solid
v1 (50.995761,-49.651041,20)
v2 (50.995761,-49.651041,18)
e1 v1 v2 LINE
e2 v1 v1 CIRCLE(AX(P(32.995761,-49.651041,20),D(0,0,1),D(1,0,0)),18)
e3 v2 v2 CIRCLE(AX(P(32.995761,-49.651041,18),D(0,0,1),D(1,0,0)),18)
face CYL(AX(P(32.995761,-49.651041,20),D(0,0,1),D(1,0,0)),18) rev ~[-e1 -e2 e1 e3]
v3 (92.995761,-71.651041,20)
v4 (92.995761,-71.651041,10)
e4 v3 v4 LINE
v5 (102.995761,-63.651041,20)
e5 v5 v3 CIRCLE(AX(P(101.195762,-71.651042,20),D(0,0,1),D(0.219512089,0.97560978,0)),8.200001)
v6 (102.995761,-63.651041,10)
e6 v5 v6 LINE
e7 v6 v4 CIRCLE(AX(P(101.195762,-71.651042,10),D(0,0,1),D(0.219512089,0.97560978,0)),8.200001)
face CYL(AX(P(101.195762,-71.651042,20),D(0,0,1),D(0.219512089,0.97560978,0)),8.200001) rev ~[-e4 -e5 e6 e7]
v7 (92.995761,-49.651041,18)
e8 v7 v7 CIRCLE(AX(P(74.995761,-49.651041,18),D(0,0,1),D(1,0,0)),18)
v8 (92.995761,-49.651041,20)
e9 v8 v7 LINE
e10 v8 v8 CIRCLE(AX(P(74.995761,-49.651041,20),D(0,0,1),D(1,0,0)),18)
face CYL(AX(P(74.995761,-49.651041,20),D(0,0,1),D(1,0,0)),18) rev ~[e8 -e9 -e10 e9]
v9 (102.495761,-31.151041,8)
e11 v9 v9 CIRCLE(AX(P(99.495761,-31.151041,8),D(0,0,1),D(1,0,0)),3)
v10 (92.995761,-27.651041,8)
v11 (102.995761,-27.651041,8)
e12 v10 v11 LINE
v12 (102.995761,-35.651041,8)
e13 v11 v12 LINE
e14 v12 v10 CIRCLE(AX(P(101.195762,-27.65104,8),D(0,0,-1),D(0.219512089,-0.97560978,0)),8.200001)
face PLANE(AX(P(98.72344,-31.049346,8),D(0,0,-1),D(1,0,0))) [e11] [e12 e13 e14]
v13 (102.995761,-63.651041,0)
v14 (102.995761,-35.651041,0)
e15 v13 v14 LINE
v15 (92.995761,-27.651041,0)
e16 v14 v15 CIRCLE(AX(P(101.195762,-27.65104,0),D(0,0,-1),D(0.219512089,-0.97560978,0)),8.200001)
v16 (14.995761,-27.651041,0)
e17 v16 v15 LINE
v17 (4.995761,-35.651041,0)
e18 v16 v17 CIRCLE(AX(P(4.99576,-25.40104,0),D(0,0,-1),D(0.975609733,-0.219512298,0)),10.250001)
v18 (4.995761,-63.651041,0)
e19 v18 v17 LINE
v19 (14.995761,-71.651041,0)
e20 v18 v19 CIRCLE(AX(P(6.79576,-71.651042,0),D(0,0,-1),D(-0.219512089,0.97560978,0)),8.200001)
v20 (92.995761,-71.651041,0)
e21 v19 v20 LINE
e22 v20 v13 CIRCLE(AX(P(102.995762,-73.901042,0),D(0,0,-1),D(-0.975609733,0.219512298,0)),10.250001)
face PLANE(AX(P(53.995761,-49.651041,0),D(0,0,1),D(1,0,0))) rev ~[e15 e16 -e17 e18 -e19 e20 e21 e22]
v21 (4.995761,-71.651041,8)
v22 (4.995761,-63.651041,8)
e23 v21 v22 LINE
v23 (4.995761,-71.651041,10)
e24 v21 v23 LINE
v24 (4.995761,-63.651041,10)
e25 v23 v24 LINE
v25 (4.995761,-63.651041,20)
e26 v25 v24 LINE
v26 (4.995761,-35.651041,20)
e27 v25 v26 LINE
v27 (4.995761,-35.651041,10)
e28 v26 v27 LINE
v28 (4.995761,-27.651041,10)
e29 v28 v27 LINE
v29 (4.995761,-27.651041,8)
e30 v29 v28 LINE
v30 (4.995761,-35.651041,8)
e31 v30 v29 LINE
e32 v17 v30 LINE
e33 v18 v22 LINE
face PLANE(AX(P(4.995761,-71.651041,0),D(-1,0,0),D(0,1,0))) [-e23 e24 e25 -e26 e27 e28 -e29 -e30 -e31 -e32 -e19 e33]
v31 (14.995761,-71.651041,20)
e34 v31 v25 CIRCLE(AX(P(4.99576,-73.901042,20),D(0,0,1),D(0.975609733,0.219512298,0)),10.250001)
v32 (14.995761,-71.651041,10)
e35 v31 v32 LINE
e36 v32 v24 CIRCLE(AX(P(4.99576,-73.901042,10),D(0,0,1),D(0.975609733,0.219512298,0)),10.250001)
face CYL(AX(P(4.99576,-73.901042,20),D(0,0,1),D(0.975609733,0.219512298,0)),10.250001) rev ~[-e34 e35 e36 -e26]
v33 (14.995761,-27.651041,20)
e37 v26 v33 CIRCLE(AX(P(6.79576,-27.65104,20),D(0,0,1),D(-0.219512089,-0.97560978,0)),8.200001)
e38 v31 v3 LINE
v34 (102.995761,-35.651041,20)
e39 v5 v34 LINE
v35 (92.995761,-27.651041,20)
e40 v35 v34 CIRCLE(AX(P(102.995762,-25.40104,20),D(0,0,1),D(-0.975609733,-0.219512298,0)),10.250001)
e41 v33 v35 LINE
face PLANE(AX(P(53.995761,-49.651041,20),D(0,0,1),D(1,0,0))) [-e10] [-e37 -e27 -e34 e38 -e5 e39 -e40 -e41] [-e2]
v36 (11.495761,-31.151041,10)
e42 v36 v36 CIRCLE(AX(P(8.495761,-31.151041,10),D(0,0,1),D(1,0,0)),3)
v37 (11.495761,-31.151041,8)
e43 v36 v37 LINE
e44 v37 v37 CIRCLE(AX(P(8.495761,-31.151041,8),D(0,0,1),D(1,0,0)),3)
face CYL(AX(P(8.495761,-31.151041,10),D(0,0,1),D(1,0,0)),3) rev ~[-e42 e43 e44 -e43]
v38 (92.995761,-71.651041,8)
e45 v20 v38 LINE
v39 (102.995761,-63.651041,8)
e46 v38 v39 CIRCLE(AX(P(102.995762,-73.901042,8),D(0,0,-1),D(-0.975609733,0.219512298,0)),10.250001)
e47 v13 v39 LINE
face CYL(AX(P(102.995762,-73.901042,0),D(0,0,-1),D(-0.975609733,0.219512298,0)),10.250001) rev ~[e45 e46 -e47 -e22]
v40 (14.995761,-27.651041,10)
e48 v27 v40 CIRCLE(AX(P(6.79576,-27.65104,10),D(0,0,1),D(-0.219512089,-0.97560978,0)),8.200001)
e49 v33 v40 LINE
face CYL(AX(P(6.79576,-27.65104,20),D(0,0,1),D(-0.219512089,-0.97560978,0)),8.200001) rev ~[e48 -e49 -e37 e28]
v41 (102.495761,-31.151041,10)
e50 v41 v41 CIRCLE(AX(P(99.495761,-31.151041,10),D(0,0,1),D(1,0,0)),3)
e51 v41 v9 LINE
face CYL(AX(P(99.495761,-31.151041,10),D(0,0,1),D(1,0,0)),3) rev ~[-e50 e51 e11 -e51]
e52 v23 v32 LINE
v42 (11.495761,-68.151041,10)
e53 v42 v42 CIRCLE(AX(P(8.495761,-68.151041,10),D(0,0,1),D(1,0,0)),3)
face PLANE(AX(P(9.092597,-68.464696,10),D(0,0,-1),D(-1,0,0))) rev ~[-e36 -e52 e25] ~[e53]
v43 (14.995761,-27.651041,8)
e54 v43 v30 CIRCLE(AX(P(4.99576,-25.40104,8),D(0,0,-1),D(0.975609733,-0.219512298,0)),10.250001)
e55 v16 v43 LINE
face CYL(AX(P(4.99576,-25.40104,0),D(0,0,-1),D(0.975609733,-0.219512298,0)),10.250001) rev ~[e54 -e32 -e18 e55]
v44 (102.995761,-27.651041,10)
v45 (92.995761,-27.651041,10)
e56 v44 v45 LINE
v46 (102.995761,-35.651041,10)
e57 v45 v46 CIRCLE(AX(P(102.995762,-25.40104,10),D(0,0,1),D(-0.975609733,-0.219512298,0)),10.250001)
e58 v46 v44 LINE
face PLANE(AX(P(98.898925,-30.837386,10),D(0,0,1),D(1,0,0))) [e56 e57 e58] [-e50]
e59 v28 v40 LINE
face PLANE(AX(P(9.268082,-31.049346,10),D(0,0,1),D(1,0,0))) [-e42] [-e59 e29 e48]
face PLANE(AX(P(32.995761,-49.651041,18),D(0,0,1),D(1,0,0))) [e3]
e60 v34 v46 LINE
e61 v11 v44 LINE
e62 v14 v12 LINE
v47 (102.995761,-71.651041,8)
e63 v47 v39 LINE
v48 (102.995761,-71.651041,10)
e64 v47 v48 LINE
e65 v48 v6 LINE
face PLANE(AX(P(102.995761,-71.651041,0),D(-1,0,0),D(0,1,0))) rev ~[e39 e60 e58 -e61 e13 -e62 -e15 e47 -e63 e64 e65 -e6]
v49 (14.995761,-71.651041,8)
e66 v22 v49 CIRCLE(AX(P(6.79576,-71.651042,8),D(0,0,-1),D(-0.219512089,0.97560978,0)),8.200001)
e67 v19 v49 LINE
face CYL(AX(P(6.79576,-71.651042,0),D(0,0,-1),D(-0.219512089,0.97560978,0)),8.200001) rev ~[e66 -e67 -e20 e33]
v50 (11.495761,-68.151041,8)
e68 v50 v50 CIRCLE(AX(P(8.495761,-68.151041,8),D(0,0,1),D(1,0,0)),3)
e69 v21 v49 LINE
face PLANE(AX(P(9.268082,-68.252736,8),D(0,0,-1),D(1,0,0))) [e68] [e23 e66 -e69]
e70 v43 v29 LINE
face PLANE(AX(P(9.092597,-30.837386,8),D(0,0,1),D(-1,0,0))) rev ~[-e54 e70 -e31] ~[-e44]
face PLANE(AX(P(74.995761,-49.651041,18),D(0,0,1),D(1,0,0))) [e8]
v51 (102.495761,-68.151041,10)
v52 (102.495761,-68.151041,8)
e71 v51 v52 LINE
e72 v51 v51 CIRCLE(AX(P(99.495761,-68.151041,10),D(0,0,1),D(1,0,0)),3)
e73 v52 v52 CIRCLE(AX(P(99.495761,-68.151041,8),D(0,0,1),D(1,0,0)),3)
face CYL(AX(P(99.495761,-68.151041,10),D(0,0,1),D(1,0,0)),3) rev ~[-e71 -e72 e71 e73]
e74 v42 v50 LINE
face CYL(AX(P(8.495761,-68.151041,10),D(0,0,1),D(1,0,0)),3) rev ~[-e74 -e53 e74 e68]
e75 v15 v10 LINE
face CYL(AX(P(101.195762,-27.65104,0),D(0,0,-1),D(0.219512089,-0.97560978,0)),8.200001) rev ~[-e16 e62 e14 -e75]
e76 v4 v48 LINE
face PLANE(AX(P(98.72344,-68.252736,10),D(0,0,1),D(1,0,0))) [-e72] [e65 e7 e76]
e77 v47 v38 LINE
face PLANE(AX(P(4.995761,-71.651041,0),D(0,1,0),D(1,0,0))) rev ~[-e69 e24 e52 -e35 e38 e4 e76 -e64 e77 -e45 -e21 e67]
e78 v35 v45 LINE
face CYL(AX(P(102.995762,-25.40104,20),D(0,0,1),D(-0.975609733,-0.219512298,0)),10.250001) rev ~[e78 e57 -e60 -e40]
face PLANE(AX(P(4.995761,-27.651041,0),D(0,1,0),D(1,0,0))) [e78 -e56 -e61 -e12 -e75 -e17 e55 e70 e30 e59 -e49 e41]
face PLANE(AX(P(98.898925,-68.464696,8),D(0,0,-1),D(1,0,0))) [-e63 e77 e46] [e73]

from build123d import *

# Parameters (mm, degrees)
SKETCH002_W     = 98
SKETCH002_H     = 44
PAD001_DEPTH    = 20
POCKET001_DEPTH = 10
POCKET002_DEPTH = 8
SKETCH005_R     = 3
HOLE_DEPTH      = 25
SKETCH006_R     = 18
POCKET003_DEPTH = 2


with BuildPart() as part:
    # Sketch002 → Pad001 (new body)
    with BuildSketch(Plane.XY):
        with Locations((49, 22)):
            Rectangle(SKETCH002_W, SKETCH002_H)
    extrude(amount=PAD001_DEPTH)

    # Sketch003 (on Face6 of Pad001) → Pocket001 (cut)
    with BuildSketch(Plane.XY.offset(20)):
        with BuildLine():
            Line((0, 44), (0, 36))
            ThreePointArc((0, 36), (6.922499, 37.596876), (10, 44))
            Line((0, 44), (10, 44))
        make_face()
        with BuildLine():
            Line((0, 0), (0, 8))
            ThreePointArc((10, 0), (6.403124, 5.753905), (0, 8))
            Line((0, 0), (10, 0))
        make_face()
        with BuildLine():
            Line((98, 36), (98, 44))
            Line((98, 44), (88, 44))
            ThreePointArc((88, 44), (91.596876, 38.246095), (98, 36))
        make_face()
        with BuildLine():
            Line((88, 0), (98, 0))
            Line((98, 0), (98, 8))
            ThreePointArc((98, 8), (91.077501, 6.403124), (88, 0))
        make_face()
    extrude(amount=-POCKET001_DEPTH, mode=Mode.SUBTRACT)

    # Sketch004 (on Face2 of Pocket001) → Pocket002 (cut)
    with BuildSketch(Plane(origin=(0, 0, 0), x_dir=(1, 0, 0), z_dir=(0, 0, -1))):
        with BuildLine():
            Line((10, -44), (0, -44))
            Line((0, -36), (0, -44))
            ThreePointArc((10, -44), (6.403124, -38.246095), (0, -36))
        make_face()
        with BuildLine():
            Line((0, 0), (0, -8))
            ThreePointArc((0, -8), (6.922499, -6.403124), (10, 0))
            Line((0, 0), (10, 0))
        make_face()
        with BuildLine():
            Line((98, 0), (88, 0))
            ThreePointArc((88, 0), (91.596876, -5.753905), (98, -8))
            Line((98, 0), (98, -8))
        make_face()
        with BuildLine():
            Line((88, -44), (98, -44))
            Line((98, -44), (98, -36))
            ThreePointArc((98, -36), (91.077501, -37.596876), (88, -44))
        make_face()
    extrude(amount=-POCKET002_DEPTH, mode=Mode.SUBTRACT)

    # Sketch005 (on Face21 of Pocket002) → Hole (cut)
    with BuildSketch(Plane.XY.offset(10)):
        with Locations((3.5, 3.5)):
            Circle(SKETCH005_R)
        with Locations((3.5, 40.5)):
            Circle(SKETCH005_R)
        with Locations((94.5, 40.5)):
            Circle(SKETCH005_R)
        with Locations((94.5, 3.5)):
            Circle(SKETCH005_R)
    extrude(amount=-HOLE_DEPTH, mode=Mode.SUBTRACT)

    # Sketch006 (on Face8 of Hole) → Pocket003 (cut)
    with BuildSketch(Plane.XY.offset(20)):
        with Locations((28, 22)):
            Circle(SKETCH006_R)
        with Locations((70, 22)):
            Circle(SKETCH006_R)
    extrude(amount=-POCKET003_DEPTH, mode=Mode.SUBTRACT)


with BuildPart() as part_1:
    # Body001 placement: moved
    add(part.part.moved(Location((4.995761, -71.651041, 0))))


solid = part_1.part
